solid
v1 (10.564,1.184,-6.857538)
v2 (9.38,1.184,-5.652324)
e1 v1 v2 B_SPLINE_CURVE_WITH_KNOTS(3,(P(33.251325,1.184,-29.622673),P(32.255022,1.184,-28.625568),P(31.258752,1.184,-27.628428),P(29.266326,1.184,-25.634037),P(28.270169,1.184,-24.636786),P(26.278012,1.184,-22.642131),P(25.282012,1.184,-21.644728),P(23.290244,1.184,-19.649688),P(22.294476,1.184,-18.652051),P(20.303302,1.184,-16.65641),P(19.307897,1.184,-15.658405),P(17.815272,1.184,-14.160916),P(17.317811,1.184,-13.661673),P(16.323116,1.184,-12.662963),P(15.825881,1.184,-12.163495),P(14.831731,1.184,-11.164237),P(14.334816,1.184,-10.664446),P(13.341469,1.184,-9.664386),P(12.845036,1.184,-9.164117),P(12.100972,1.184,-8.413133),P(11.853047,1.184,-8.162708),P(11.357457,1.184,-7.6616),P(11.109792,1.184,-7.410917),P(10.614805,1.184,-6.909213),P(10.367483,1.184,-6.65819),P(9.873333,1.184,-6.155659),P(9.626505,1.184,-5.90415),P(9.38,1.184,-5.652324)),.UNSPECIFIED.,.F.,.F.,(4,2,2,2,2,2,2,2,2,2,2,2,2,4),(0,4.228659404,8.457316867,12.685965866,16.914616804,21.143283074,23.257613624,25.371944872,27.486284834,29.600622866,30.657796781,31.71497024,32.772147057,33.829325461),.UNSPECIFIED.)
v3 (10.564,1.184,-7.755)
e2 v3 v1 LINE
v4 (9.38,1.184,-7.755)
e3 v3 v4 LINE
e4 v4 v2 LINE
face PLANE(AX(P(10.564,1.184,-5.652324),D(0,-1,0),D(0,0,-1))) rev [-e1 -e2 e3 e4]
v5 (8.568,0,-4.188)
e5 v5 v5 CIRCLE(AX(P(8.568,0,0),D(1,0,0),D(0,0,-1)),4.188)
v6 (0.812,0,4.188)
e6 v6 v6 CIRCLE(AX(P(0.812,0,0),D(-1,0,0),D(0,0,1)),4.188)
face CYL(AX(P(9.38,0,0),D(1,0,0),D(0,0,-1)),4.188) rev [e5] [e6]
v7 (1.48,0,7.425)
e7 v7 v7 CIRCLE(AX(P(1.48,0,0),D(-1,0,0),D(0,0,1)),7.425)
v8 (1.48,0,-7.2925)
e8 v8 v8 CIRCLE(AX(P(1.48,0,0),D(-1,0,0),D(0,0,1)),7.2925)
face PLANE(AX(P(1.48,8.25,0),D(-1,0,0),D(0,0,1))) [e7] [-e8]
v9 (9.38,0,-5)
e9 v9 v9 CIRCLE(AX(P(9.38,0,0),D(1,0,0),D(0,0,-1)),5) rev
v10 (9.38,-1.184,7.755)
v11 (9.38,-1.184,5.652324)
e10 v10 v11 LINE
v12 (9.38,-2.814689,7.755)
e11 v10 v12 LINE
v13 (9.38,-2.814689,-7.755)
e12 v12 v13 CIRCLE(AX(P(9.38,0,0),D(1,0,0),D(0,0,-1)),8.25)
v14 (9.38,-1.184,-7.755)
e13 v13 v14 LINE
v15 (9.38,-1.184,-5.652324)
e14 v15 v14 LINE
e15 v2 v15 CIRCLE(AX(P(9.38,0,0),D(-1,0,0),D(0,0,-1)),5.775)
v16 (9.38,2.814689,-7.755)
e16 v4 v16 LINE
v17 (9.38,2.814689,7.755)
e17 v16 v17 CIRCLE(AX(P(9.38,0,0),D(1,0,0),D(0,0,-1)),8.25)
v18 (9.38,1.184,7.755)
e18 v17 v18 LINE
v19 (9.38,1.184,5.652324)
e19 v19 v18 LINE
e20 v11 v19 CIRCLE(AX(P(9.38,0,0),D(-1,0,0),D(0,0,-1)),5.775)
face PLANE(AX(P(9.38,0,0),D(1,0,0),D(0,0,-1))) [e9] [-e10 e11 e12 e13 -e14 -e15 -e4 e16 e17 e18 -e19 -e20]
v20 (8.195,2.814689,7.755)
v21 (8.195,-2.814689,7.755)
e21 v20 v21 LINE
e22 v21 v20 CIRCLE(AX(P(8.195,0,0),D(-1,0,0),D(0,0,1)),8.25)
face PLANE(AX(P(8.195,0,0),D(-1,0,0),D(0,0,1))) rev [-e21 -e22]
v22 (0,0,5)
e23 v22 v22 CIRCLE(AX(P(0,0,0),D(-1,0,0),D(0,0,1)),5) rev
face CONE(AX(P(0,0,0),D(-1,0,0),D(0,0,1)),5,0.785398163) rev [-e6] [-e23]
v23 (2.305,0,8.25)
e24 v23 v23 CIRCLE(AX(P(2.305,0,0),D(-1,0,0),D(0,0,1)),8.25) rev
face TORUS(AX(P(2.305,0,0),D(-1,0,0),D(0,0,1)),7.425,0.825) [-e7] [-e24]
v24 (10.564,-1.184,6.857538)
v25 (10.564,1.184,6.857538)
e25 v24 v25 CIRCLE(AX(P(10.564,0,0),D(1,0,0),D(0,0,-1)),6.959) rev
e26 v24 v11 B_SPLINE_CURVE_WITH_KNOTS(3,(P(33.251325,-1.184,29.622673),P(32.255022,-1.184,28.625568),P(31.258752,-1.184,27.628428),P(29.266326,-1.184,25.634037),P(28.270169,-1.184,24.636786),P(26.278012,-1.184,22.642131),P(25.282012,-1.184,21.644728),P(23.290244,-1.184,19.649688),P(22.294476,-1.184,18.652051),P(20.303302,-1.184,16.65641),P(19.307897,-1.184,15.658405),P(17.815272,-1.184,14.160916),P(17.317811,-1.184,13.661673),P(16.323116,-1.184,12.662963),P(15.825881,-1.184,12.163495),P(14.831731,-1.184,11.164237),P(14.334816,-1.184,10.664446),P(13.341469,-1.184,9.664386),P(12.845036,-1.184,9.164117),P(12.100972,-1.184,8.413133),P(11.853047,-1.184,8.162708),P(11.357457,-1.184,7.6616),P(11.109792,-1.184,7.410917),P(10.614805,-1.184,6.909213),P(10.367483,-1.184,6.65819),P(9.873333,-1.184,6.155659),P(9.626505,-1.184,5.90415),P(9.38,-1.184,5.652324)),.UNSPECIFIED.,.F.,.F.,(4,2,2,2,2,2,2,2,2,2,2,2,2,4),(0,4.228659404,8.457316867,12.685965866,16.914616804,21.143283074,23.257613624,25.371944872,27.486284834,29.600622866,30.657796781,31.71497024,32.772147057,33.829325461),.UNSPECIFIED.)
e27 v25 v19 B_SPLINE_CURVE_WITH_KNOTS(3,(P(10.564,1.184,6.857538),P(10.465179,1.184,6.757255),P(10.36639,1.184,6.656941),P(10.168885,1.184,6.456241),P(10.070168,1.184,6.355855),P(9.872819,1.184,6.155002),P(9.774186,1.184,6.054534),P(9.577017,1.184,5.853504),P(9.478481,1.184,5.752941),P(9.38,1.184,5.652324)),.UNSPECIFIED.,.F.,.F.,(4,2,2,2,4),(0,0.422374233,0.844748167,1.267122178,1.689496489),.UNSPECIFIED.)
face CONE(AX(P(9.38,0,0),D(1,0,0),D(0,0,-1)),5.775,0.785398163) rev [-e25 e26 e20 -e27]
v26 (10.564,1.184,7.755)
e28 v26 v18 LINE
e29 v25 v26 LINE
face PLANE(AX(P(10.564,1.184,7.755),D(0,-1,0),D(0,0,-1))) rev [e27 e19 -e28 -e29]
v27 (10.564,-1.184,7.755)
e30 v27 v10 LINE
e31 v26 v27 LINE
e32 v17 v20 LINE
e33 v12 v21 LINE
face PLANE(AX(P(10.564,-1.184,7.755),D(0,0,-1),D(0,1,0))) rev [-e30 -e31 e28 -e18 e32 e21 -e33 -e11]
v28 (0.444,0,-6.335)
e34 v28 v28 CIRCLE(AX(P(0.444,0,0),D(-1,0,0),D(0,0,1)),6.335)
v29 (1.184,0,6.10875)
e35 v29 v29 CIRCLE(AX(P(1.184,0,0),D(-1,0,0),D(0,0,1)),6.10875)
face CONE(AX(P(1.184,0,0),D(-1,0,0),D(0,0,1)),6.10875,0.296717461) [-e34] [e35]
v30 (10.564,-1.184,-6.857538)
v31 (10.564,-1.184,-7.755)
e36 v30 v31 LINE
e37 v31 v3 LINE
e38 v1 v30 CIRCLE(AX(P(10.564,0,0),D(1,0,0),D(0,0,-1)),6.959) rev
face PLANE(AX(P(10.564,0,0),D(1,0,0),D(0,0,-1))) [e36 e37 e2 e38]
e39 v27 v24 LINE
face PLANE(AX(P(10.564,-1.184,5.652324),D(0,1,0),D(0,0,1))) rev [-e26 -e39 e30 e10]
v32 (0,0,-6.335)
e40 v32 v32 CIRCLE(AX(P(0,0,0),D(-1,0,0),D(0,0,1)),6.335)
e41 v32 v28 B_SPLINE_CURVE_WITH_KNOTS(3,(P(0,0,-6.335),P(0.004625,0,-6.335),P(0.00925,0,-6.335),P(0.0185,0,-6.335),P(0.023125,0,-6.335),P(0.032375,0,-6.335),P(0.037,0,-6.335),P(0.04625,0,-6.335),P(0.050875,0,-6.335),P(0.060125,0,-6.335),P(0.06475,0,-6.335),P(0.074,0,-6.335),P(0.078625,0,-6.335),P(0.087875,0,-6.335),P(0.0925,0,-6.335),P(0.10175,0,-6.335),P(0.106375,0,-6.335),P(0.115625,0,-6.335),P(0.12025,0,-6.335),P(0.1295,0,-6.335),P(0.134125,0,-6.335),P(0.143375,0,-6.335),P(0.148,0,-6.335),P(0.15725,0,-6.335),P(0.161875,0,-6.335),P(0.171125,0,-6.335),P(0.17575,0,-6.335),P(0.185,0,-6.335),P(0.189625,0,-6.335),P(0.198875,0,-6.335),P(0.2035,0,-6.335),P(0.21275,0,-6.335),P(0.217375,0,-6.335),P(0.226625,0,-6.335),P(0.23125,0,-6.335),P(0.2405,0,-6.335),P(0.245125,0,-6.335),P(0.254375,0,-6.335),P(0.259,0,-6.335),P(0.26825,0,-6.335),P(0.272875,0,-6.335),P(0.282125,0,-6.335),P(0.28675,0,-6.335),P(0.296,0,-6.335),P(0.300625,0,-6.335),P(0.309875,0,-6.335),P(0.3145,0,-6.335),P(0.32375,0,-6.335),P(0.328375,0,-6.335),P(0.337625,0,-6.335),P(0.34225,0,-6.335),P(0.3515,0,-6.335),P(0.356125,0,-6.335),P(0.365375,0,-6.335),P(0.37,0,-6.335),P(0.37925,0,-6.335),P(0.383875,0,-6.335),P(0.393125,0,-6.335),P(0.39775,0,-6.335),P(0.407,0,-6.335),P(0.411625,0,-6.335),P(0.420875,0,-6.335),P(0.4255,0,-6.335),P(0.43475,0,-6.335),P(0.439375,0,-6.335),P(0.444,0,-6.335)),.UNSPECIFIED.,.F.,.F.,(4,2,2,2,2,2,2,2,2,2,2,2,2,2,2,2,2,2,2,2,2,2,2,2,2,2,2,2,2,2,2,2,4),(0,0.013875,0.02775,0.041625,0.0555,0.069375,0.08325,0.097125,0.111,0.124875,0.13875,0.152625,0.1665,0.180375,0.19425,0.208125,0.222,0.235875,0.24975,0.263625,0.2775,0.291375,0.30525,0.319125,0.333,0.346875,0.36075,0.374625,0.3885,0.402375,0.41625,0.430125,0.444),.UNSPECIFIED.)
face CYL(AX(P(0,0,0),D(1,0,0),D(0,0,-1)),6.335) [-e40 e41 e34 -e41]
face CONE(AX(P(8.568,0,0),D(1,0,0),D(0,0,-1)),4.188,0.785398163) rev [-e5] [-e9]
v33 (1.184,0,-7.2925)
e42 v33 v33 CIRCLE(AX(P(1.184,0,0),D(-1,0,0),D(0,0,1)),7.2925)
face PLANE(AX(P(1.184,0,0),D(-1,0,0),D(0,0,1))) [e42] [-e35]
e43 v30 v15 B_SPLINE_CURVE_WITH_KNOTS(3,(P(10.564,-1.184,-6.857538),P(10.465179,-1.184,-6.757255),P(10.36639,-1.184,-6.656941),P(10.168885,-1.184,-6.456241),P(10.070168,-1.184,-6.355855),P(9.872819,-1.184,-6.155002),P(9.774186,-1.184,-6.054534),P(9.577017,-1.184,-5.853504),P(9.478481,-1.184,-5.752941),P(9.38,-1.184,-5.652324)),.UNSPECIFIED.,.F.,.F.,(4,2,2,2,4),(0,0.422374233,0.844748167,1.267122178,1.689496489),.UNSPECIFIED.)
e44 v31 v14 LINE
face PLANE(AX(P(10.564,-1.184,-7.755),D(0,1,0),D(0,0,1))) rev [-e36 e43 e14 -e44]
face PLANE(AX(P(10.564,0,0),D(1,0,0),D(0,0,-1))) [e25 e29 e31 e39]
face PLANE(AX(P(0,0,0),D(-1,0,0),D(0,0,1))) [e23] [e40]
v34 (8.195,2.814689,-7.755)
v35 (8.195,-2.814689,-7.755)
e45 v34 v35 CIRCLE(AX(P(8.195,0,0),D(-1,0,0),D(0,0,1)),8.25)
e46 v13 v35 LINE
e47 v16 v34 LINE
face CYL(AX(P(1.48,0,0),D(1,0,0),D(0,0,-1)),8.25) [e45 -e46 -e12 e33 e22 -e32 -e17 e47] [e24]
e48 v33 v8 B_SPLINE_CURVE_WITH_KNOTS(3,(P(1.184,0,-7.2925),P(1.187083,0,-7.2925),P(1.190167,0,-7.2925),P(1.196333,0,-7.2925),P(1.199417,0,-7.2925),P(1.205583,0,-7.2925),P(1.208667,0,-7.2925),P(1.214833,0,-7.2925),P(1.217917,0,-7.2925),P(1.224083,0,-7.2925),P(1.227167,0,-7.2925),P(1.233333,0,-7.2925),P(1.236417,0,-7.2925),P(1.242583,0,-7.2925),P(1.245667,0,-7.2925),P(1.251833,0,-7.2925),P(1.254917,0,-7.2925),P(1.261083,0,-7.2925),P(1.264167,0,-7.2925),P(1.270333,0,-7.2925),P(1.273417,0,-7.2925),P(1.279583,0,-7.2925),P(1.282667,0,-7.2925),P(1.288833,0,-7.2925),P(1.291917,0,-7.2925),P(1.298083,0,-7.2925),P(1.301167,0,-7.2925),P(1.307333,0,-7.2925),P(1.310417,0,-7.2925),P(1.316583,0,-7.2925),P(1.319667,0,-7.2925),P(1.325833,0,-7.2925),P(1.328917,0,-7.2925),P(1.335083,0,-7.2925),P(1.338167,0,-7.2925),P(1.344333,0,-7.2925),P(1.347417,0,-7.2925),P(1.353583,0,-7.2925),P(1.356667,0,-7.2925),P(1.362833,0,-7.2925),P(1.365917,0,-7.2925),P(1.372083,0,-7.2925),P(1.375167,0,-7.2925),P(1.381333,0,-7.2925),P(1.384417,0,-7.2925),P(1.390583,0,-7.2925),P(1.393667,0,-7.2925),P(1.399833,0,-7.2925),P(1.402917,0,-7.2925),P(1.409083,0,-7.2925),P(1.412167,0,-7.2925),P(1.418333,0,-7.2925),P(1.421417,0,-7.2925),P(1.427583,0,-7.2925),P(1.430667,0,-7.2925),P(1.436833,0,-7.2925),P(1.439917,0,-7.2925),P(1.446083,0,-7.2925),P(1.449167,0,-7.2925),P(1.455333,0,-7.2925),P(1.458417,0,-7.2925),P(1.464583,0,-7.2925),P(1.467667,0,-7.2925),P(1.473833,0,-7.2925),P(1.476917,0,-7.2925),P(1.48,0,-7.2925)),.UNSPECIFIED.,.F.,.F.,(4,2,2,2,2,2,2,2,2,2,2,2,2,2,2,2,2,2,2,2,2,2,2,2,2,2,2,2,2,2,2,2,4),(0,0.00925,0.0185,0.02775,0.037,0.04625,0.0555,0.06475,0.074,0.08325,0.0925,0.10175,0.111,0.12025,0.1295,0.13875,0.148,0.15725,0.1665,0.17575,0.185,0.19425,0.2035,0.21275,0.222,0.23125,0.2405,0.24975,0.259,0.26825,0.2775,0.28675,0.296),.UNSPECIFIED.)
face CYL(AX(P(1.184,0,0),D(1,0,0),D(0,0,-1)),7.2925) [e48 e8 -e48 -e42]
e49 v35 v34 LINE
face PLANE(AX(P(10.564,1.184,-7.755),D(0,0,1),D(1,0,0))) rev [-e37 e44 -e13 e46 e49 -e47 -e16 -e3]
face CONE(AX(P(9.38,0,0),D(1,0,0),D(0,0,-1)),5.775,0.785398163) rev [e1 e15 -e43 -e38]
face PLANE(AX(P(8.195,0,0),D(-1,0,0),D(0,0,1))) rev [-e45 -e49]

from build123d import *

# Parameters (mm, degrees)
ESQUISSE1_W             = 7.9
ESQUISSE1_H             = 8.25
BOSS_EXTRU_1_DEPTH      = 1.184
ENL_V_MAT_EXTRU_1_REACH = 15.462
BOSS_EXTRU_2_DEPTH      = 1.184
ENL_V_MAT_EXTRU_2_REACH = 15.462
ESQUISSE8_R             = 7.2925
BOSS_EXTRU_3_DEPTH      = 0.296
ESQUISSE9_R             = 6.10875
BOSS_EXTRU_4_DEPTH      = 0.74
BOSS_EXTRU_4_DRAFT      = -17.000658211
ESQUISSE10_R            = 6.335
BOSS_EXTRU_5_DEPTH      = 0.444
D_POUILLE1_ANGLE        = 44.999999999
PER_AGE1_D              = 8.376
CHANFREIN1_SIZE         = 0.812
CONG_1_R                = 0.825


with BuildPart() as part:
    # Esquisse1 → Révolution1 (revolve)
    with BuildSketch(Plane.XY, mode=Mode.PRIVATE) as r_volution1_sk:
        with Locations((5.43, 4.125)):
            Rectangle(ESQUISSE1_W, ESQUISSE1_H)
    revolve(r_volution1_sk.sketch.rotate(Axis((1.48, 0, 0), (1, 0, 0)), 270), axis=Axis((1.48, 0, 0), (1, 0, 0)))

    # Esquisse2 → Boss.-Extru.1 (add)
    with BuildSketch(Plane(origin=(9.38, 0, 0), x_dir=(0, 0, -1), z_dir=(1, 0, 0))):
        with BuildLine():
            Line((-5.652324212, -1.184), (-7.755, -1.184))
            Line((-7.755, -1.184), (-7.755, 1.184))
            Line((-7.755, 1.184), (-5.652324212, 1.184))
            ThreePointArc((-5.652324212, 1.184), (-5.775, 0), (-5.652324212, -1.184))
        make_face()
    extrude(amount=BOSS_EXTRU_1_DEPTH)

    # Esquisse4 → Enlèv. mat.-Extru.1 (cut, up to next)
    with BuildSketch(Plane(origin=(8.195, 0, 0), x_dir=(0, -1, 0), z_dir=(-1, 0, 0)), mode=Mode.PRIVATE) as enl_v_mat_extru_1_sk1:
        with BuildLine():
            Line((-2.814689148, 7.755), (2.814689148, 7.755))
            ThreePointArc((2.814689148, 7.755), (0, 8.25), (-2.814689148, 7.755))
        make_face()
    enl_v_mat_extru_1_tool1 = extrude(enl_v_mat_extru_1_sk1.sketch, amount=-ENL_V_MAT_EXTRU_1_REACH, mode=Mode.PRIVATE) & part.part
    add(enl_v_mat_extru_1_tool1.solids().sort_by_distance((8.195, 0, 7.953518))[0], mode=Mode.SUBTRACT)

    # Esquisse5 → Boss.-Extru.2 (add)
    with BuildSketch(Plane(origin=(9.38, 0, 0), x_dir=(0, 0, -1), z_dir=(1, 0, 0))):
        with BuildLine():
            Line((7.755, 1.184), (7.755, -1.184))
            Line((7.755, -1.184), (5.652324212, -1.184))
            ThreePointArc((5.652324212, -1.184), (5.775, 0), (5.652324212, 1.184))
            Line((5.652324212, 1.184), (7.755, 1.184))
        make_face()
    extrude(amount=BOSS_EXTRU_2_DEPTH)

    # Esquisse7 → Enlèv. mat.-Extru.2 (cut, up to next)
    with BuildSketch(Plane(origin=(8.195, 0, 0), x_dir=(0, -1, 0), z_dir=(-1, 0, 0)), mode=Mode.PRIVATE) as enl_v_mat_extru_2_sk1:
        with BuildLine():
            Line((2.814689148, -7.755), (-2.814689148, -7.755))
            ThreePointArc((-2.814689148, -7.755), (0, -8.25), (2.814689148, -7.755))
        make_face()
    enl_v_mat_extru_2_tool1 = extrude(enl_v_mat_extru_2_sk1.sketch, amount=-ENL_V_MAT_EXTRU_2_REACH, mode=Mode.PRIVATE) & part.part
    add(enl_v_mat_extru_2_tool1.solids().sort_by_distance((8.195, 0, -7.953518))[0], mode=Mode.SUBTRACT)

    # Esquisse8 → Boss.-Extru.3 (add)
    with BuildSketch(Plane.ZY.offset(-1.48)):
        with Locations(Location((0, 0, 0), (0, 0, 180))):
            Circle(ESQUISSE8_R)
    extrude(amount=BOSS_EXTRU_3_DEPTH)


with BuildPart() as boss_extru_4_tool:
    # Esquisse9 → Boss.-Extru.4 (with draft: the straight prism first)
    with BuildSketch(Plane.ZY.offset(-1.184)):
        Circle(ESQUISSE9_R)
    extrude(amount=BOSS_EXTRU_4_DEPTH)
    # Boss.-Extru.4: the draft: its side faces are tilted about the plane it starts from
    boss_extru_4_sides = [boss_extru_4_tool.faces().sort_by_distance(p)[0] for p in [
        (0.814, 0, -6.10875),
    ]]
    draft(boss_extru_4_sides, Plane.ZY.offset(-1.184), BOSS_EXTRU_4_DRAFT)


with BuildPart() as part_1:
    add(part.part)

    # Boss.-Extru.4: add boss_extru_4_tool
    add(boss_extru_4_tool.part)

    # Esquisse10 → Boss.-Extru.5 (add)
    with BuildSketch(Plane.ZY.offset(-0.444)):
        with Locations(Location((0, 0, 0), (0, 0, 180))):
            Circle(ESQUISSE10_R)
    extrude(amount=BOSS_EXTRU_5_DEPTH)

    # Dépouille1
    d_pouille1_faces = [part_1.faces().sort_by_distance(p)[0] for p in [
        (9.972, 0, 5.775),
        (9.972, 0, -5.775),
    ]]
    draft(d_pouille1_faces, Plane(origin=(9.38, 0, 0), x_dir=(0, 0, 1), z_dir=(1, 0, 0)), D_POUILLE1_ANGLE)

    # Perçage1 (through all)
    with Locations(Plane(origin=(9.38, 0, 0), x_dir=(0, 0, -1), z_dir=(1, 0, 0))):
        with Locations((0, 0)):
            Hole(PER_AGE1_D / 2)

    # Chanfrein1
    chanfrein1_edges = [part_1.edges().sort_by_distance(p)[0] for p in [
        (9.38, 0, -4.188),
        (0, 0, -4.188),
    ]]
    chamfer(chanfrein1_edges, length=CHANFREIN1_SIZE)

    # Congé1
    cong_1_edges = [part_1.edges().sort_by_distance(p)[0] for p in [
        (1.48, 0, 8.25),
    ]]
    fillet(cong_1_edges, radius=CONG_1_R)


solid = part_1.part
